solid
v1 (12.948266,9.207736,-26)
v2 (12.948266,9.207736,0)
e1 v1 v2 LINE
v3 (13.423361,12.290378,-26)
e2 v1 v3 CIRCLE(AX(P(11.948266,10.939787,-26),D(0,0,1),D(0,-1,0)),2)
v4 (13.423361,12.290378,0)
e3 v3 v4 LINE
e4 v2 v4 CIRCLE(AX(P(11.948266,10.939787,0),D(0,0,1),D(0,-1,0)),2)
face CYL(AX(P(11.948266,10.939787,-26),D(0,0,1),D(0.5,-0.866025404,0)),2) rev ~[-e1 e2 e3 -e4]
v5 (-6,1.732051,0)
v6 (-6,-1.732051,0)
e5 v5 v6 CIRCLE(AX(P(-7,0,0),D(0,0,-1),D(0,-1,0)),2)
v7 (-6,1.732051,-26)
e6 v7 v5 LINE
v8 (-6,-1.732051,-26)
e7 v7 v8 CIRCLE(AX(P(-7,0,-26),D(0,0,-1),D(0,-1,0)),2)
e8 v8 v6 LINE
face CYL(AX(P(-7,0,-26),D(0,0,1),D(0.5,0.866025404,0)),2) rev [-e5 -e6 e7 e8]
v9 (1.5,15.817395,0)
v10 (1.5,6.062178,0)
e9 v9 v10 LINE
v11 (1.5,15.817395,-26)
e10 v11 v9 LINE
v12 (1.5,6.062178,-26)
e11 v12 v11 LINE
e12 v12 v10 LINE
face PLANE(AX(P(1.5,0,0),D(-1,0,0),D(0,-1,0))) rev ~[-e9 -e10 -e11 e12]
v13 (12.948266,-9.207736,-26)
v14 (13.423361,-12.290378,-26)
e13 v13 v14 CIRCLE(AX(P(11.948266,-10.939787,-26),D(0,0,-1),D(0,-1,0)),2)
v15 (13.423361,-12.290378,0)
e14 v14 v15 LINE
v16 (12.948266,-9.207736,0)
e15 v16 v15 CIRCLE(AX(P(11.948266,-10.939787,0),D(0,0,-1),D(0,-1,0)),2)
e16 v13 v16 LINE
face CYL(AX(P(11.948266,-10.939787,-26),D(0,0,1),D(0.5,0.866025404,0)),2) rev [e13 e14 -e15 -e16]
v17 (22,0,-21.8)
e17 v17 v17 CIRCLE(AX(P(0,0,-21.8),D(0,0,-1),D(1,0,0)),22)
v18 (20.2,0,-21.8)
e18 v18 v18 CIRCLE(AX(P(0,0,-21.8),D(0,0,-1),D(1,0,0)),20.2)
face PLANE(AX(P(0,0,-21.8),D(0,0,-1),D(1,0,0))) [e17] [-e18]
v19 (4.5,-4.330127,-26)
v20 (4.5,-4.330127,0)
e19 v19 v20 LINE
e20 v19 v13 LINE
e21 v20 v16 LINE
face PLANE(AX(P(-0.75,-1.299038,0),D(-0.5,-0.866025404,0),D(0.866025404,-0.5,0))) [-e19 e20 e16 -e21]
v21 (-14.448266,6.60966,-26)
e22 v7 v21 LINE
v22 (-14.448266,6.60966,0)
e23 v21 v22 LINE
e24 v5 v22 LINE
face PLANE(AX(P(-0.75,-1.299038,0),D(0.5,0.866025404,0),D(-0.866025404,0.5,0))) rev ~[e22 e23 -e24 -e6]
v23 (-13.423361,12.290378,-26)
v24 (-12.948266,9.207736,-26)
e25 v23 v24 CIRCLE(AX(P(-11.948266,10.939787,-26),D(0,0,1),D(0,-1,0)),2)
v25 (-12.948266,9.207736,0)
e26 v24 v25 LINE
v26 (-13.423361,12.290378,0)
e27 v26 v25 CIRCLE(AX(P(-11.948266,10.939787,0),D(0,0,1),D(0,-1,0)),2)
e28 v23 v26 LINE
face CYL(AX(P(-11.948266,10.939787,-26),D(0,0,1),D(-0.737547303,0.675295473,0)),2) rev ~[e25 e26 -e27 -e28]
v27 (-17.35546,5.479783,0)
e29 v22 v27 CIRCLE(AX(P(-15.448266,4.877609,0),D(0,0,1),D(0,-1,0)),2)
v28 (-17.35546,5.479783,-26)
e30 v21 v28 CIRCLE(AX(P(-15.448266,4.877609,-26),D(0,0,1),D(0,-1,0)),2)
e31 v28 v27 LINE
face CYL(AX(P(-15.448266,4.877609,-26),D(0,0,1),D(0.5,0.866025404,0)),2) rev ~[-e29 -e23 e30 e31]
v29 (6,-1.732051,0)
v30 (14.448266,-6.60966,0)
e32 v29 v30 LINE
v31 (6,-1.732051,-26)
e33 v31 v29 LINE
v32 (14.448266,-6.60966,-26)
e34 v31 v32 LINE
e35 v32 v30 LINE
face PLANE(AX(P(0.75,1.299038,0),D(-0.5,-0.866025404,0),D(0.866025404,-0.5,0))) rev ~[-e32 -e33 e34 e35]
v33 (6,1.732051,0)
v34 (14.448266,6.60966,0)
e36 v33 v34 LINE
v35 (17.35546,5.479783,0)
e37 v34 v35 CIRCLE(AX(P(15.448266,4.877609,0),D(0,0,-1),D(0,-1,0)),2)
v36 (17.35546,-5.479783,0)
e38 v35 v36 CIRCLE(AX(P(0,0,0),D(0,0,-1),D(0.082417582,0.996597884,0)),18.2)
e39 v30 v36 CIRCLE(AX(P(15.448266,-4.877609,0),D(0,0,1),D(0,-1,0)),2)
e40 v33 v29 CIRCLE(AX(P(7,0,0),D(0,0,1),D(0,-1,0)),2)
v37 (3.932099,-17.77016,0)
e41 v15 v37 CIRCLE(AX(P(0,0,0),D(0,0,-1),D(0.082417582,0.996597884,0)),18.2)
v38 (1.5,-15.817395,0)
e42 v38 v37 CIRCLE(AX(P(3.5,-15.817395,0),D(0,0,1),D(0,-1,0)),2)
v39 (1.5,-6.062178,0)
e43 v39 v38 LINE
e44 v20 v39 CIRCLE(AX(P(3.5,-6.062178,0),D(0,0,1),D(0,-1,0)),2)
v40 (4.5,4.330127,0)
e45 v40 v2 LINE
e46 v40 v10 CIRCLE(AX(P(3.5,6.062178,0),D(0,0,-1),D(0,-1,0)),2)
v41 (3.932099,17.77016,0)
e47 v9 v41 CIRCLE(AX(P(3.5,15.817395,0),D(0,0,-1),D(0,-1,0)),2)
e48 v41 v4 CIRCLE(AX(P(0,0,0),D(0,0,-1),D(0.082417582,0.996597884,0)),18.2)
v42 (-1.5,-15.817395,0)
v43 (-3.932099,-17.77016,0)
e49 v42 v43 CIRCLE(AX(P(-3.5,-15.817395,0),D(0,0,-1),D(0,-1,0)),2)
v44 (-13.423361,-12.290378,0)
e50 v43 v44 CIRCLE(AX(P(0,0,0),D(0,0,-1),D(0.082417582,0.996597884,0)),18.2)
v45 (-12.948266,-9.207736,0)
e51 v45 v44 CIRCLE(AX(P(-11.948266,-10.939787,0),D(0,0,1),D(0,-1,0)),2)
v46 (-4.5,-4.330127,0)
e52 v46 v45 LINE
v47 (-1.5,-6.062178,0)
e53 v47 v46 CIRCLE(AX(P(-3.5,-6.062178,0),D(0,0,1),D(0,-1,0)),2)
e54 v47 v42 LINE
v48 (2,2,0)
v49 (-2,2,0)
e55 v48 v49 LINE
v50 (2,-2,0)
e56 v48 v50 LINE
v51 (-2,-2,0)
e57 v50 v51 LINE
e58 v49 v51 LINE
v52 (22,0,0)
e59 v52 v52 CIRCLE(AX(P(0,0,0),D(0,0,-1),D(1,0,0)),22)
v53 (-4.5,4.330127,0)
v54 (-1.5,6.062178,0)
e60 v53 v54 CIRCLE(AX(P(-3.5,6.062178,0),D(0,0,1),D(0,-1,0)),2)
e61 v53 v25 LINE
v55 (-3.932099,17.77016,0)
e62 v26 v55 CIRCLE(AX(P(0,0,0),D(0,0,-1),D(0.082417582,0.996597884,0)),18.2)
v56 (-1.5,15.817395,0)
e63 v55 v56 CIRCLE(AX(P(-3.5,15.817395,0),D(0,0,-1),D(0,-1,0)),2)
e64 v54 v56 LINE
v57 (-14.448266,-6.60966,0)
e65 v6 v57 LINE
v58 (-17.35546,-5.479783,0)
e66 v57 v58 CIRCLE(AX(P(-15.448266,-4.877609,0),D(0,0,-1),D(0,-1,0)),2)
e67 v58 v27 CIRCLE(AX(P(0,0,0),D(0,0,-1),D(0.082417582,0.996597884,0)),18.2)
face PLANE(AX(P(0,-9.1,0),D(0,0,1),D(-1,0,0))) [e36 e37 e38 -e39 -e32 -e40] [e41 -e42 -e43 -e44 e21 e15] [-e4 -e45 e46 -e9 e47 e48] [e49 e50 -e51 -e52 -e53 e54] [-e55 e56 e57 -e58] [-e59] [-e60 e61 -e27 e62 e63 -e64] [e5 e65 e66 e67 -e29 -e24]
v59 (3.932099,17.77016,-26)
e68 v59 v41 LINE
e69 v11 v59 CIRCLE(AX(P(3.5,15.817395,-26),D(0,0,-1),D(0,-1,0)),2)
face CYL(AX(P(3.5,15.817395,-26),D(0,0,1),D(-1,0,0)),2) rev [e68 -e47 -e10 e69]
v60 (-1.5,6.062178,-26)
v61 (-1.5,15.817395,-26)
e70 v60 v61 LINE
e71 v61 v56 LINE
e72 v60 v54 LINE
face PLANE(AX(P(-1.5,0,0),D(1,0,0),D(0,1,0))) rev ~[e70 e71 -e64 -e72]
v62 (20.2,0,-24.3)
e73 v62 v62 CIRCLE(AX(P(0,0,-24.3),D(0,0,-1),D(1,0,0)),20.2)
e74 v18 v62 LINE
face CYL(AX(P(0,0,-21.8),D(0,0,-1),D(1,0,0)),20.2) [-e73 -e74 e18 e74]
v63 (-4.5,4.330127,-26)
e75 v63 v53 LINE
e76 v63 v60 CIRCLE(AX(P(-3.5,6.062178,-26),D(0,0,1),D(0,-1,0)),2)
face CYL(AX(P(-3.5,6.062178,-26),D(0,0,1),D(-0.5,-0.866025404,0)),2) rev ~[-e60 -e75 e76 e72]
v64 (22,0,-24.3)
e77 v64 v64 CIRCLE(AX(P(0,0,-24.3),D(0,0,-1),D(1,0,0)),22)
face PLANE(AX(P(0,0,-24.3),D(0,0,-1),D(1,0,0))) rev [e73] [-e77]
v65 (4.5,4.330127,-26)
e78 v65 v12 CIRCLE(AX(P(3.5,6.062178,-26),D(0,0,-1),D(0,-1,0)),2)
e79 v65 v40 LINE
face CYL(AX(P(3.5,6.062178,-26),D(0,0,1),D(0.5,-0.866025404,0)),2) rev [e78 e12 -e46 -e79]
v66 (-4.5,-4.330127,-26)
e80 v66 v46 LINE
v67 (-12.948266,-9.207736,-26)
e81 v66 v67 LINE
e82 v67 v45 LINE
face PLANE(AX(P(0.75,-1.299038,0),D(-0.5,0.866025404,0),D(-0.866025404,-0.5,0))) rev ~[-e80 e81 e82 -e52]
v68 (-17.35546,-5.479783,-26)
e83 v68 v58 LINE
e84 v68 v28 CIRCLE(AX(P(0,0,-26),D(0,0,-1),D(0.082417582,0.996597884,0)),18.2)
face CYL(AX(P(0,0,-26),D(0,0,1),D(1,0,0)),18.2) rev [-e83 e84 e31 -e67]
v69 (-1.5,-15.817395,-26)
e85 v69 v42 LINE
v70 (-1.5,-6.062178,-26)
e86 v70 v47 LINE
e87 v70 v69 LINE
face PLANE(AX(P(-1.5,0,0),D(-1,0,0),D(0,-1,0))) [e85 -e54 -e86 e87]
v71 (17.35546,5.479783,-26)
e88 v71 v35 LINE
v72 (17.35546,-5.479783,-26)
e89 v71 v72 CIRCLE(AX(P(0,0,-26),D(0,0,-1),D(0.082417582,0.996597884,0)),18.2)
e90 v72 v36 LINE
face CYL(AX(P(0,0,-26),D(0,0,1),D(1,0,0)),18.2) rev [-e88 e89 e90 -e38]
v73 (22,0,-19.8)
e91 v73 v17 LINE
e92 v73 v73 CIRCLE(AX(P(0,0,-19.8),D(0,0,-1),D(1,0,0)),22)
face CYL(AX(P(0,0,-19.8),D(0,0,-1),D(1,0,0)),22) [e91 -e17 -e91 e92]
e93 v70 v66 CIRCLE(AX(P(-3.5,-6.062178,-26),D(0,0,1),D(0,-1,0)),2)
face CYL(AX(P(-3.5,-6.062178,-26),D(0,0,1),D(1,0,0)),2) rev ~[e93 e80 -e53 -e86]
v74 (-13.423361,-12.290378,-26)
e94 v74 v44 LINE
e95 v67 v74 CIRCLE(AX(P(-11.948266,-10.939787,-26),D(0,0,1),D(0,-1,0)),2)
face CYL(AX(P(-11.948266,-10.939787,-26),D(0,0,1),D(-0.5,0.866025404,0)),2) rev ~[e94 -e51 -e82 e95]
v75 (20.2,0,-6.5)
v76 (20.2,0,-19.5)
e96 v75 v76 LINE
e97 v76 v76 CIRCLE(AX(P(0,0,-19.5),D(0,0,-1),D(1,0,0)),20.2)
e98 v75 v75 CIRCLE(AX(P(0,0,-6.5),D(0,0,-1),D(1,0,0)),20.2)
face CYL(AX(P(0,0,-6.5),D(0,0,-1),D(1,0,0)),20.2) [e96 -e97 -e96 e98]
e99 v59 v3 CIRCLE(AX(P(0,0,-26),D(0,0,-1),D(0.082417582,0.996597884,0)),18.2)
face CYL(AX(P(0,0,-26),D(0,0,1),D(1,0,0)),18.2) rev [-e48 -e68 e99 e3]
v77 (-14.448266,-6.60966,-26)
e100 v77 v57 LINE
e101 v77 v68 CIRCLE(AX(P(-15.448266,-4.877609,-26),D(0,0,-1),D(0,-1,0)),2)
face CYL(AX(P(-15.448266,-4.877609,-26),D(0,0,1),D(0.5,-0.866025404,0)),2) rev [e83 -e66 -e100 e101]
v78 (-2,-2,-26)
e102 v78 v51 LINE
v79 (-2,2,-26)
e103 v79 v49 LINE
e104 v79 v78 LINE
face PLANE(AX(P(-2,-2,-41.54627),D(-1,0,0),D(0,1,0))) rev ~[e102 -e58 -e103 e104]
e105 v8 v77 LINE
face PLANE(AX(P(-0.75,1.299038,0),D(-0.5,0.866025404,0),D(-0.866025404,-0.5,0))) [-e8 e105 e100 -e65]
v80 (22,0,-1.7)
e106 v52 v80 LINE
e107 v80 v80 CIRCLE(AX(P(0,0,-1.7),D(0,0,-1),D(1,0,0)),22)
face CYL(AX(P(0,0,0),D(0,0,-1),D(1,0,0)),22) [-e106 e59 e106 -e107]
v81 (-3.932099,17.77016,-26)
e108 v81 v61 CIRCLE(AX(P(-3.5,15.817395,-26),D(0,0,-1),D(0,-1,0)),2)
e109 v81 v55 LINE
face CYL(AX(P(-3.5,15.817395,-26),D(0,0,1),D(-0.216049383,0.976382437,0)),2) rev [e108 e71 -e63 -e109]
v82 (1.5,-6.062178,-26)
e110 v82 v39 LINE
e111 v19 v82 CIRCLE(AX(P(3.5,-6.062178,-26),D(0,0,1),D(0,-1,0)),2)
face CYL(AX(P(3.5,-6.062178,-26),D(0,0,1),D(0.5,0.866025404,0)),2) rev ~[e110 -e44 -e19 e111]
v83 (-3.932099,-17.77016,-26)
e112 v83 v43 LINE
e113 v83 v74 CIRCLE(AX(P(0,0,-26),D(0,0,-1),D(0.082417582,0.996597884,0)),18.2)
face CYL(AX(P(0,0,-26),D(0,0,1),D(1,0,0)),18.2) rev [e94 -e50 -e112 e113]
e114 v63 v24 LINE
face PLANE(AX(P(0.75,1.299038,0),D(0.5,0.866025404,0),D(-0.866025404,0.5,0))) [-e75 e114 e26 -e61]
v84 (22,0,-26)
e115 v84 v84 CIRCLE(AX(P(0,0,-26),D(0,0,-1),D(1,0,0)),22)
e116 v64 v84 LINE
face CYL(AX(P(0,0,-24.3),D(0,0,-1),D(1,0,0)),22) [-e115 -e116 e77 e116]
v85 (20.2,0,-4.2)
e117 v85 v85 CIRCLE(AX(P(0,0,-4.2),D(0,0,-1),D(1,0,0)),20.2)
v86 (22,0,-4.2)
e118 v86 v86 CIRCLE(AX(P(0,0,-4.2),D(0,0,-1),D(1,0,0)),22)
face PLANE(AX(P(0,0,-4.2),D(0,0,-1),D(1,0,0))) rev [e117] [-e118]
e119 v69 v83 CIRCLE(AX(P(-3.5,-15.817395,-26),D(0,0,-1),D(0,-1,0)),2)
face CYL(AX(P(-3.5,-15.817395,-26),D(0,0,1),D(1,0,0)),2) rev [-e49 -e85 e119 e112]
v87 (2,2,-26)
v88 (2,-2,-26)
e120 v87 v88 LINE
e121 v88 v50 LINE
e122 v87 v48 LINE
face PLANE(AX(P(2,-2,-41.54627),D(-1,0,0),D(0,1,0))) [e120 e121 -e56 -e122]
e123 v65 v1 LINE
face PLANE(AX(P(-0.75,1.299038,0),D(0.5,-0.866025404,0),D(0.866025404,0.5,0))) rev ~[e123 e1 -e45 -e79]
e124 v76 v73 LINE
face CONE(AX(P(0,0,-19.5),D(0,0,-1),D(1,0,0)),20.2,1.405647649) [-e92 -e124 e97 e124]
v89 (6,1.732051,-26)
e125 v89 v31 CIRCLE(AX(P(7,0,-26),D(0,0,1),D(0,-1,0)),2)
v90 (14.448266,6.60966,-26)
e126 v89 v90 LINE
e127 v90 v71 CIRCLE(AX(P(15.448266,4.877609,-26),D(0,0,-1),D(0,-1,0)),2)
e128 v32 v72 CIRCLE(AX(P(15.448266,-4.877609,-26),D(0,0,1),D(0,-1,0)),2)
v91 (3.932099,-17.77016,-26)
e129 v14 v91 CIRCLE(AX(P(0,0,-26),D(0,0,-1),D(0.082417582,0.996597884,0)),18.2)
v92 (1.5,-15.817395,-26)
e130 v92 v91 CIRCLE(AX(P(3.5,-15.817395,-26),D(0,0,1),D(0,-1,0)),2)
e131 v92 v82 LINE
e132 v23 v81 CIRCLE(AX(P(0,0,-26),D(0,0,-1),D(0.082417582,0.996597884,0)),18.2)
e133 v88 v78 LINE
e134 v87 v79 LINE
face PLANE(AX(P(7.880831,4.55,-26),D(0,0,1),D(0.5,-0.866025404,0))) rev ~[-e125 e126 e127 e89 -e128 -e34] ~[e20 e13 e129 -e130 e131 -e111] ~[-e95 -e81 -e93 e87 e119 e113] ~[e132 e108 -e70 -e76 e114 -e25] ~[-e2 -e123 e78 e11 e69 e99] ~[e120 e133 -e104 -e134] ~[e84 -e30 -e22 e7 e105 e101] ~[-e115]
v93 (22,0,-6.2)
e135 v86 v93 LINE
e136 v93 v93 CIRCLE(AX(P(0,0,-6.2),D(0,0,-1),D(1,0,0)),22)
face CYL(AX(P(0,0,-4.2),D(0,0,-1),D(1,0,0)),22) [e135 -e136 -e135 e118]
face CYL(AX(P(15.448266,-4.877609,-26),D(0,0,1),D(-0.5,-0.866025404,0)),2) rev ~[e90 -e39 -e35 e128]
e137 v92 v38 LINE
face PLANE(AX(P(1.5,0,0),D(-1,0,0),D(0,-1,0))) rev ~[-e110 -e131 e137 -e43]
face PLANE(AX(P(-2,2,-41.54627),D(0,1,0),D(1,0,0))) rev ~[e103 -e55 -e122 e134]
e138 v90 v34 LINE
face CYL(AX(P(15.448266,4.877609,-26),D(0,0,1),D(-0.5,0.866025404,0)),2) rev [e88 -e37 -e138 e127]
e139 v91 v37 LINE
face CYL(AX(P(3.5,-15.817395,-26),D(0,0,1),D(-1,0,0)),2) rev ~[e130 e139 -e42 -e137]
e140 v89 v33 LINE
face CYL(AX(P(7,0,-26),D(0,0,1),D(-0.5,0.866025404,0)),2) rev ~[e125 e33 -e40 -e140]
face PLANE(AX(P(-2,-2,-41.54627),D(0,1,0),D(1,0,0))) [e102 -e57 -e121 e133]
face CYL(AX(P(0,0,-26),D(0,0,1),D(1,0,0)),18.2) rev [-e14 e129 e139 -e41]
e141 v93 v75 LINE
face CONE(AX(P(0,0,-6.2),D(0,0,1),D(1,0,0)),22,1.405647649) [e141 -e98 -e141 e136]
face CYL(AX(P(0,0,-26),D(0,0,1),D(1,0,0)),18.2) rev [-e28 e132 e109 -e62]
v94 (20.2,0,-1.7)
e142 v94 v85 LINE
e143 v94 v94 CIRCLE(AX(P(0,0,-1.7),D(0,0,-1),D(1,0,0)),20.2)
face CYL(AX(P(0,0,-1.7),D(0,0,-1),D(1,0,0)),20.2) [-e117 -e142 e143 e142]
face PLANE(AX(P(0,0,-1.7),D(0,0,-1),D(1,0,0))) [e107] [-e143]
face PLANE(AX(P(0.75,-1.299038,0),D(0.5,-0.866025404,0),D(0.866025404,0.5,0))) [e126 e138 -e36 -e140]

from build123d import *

# Parameters (mm, degrees)
SKETCH2_W               = 3
SKETCH2_H               = 18.2
BOSS_EXTRUDE1_DEPTH     = 26
CIRPATTERN1_COUNT       = 6
CUT_EXTRUDE1_DEPTH      = 41.546269865
CUT_EXTRUDE1_DEPTH_BACK = 41.546269865
SKETCH3_W               = 4
SKETCH3_H               = 4
FILLET1_R               = 2


with BuildPart() as part:
    # Sketch1 → Revolve1 (revolve)
    with BuildSketch(Plane(origin=(0, 0, 0), x_dir=(0, 0, -1), z_dir=(1, 0, 0)), mode=Mode.PRIVATE) as revolve1_sk:
        Polygon((0, 22), (1.7, 22), (1.7, 20.2), (4.2, 20.2), (4.2, 22), (6.2, 22), (6.5, 20.2), (19.5, 20.2), (19.8, 22), (21.8, 22), (21.8, 20.2), (24.3, 20.2), (24.3, 22), (26, 22), (26, 18.2), (0, 18.2), align=None)
    revolve(revolve1_sk.sketch.rotate(Axis((0, 0, 0.322174052), (0, 0, -1)), 90), axis=Axis((0, 0, 0.322174052), (0, 0, -1)))

    # Sketch2 → Boss-Extrude1 (add)
    with BuildSketch(Plane.XY):
        with Locations((0, 9.1)):
            Rectangle(SKETCH2_W, SKETCH2_H)
    boss_extrude1 = extrude(amount=-BOSS_EXTRUDE1_DEPTH)

    # CirPattern1: Boss-Extrude1 ×6 about axis
    cirpattern1_axis = Axis((0, 0, 0), (0, 0, 1))
    for i in range(1, CIRPATTERN1_COUNT):
        add(boss_extrude1.rotate(cirpattern1_axis, i * 360 / CIRPATTERN1_COUNT))

    # Sketch3 → Cut-Extrude1 (cut, two sides: drawn at the far end of the back side and taken through both)
    with BuildSketch(Plane.XY.offset(-CUT_EXTRUDE1_DEPTH_BACK)):
        Rectangle(SKETCH3_W, SKETCH3_H)
    extrude(amount=CUT_EXTRUDE1_DEPTH + CUT_EXTRUDE1_DEPTH_BACK, mode=Mode.SUBTRACT)

    # Fillet1
    fillet1_edges = [part.edges().sort_by_distance(p)[0] for p in [
        (3, 0, -13),
        (1.5, -2.598076211, -13),
        (-1.5, -2.598076211, -13),
        (-3, 0, -13),
        (16.458039343, 7.770002637, -13),
        (14.958039343, 10.368078849, -13),
        (16.458039343, -7.770002637, -13),
        (14.958039343, -10.368078849, -13),
        (-14.958039343, 10.368078849, -13),
        (-1.5, -18.138081486, -13),
        (1.5, -18.138081486, -13),
        (-16.458039343, -7.770002637, -13),
        (-14.958039343, -10.368078849, -13),
        (-16.458039343, 7.770002637, -13),
        (1.5, 18.138081486, -13),
        (-1.5, 18.138081486, -13),
        (-1.5, 2.598076211, -13),
        (1.5, 2.598076211, -13),
    ]]
    fillet(fillet1_edges, radius=FILLET1_R)


solid = part.part
